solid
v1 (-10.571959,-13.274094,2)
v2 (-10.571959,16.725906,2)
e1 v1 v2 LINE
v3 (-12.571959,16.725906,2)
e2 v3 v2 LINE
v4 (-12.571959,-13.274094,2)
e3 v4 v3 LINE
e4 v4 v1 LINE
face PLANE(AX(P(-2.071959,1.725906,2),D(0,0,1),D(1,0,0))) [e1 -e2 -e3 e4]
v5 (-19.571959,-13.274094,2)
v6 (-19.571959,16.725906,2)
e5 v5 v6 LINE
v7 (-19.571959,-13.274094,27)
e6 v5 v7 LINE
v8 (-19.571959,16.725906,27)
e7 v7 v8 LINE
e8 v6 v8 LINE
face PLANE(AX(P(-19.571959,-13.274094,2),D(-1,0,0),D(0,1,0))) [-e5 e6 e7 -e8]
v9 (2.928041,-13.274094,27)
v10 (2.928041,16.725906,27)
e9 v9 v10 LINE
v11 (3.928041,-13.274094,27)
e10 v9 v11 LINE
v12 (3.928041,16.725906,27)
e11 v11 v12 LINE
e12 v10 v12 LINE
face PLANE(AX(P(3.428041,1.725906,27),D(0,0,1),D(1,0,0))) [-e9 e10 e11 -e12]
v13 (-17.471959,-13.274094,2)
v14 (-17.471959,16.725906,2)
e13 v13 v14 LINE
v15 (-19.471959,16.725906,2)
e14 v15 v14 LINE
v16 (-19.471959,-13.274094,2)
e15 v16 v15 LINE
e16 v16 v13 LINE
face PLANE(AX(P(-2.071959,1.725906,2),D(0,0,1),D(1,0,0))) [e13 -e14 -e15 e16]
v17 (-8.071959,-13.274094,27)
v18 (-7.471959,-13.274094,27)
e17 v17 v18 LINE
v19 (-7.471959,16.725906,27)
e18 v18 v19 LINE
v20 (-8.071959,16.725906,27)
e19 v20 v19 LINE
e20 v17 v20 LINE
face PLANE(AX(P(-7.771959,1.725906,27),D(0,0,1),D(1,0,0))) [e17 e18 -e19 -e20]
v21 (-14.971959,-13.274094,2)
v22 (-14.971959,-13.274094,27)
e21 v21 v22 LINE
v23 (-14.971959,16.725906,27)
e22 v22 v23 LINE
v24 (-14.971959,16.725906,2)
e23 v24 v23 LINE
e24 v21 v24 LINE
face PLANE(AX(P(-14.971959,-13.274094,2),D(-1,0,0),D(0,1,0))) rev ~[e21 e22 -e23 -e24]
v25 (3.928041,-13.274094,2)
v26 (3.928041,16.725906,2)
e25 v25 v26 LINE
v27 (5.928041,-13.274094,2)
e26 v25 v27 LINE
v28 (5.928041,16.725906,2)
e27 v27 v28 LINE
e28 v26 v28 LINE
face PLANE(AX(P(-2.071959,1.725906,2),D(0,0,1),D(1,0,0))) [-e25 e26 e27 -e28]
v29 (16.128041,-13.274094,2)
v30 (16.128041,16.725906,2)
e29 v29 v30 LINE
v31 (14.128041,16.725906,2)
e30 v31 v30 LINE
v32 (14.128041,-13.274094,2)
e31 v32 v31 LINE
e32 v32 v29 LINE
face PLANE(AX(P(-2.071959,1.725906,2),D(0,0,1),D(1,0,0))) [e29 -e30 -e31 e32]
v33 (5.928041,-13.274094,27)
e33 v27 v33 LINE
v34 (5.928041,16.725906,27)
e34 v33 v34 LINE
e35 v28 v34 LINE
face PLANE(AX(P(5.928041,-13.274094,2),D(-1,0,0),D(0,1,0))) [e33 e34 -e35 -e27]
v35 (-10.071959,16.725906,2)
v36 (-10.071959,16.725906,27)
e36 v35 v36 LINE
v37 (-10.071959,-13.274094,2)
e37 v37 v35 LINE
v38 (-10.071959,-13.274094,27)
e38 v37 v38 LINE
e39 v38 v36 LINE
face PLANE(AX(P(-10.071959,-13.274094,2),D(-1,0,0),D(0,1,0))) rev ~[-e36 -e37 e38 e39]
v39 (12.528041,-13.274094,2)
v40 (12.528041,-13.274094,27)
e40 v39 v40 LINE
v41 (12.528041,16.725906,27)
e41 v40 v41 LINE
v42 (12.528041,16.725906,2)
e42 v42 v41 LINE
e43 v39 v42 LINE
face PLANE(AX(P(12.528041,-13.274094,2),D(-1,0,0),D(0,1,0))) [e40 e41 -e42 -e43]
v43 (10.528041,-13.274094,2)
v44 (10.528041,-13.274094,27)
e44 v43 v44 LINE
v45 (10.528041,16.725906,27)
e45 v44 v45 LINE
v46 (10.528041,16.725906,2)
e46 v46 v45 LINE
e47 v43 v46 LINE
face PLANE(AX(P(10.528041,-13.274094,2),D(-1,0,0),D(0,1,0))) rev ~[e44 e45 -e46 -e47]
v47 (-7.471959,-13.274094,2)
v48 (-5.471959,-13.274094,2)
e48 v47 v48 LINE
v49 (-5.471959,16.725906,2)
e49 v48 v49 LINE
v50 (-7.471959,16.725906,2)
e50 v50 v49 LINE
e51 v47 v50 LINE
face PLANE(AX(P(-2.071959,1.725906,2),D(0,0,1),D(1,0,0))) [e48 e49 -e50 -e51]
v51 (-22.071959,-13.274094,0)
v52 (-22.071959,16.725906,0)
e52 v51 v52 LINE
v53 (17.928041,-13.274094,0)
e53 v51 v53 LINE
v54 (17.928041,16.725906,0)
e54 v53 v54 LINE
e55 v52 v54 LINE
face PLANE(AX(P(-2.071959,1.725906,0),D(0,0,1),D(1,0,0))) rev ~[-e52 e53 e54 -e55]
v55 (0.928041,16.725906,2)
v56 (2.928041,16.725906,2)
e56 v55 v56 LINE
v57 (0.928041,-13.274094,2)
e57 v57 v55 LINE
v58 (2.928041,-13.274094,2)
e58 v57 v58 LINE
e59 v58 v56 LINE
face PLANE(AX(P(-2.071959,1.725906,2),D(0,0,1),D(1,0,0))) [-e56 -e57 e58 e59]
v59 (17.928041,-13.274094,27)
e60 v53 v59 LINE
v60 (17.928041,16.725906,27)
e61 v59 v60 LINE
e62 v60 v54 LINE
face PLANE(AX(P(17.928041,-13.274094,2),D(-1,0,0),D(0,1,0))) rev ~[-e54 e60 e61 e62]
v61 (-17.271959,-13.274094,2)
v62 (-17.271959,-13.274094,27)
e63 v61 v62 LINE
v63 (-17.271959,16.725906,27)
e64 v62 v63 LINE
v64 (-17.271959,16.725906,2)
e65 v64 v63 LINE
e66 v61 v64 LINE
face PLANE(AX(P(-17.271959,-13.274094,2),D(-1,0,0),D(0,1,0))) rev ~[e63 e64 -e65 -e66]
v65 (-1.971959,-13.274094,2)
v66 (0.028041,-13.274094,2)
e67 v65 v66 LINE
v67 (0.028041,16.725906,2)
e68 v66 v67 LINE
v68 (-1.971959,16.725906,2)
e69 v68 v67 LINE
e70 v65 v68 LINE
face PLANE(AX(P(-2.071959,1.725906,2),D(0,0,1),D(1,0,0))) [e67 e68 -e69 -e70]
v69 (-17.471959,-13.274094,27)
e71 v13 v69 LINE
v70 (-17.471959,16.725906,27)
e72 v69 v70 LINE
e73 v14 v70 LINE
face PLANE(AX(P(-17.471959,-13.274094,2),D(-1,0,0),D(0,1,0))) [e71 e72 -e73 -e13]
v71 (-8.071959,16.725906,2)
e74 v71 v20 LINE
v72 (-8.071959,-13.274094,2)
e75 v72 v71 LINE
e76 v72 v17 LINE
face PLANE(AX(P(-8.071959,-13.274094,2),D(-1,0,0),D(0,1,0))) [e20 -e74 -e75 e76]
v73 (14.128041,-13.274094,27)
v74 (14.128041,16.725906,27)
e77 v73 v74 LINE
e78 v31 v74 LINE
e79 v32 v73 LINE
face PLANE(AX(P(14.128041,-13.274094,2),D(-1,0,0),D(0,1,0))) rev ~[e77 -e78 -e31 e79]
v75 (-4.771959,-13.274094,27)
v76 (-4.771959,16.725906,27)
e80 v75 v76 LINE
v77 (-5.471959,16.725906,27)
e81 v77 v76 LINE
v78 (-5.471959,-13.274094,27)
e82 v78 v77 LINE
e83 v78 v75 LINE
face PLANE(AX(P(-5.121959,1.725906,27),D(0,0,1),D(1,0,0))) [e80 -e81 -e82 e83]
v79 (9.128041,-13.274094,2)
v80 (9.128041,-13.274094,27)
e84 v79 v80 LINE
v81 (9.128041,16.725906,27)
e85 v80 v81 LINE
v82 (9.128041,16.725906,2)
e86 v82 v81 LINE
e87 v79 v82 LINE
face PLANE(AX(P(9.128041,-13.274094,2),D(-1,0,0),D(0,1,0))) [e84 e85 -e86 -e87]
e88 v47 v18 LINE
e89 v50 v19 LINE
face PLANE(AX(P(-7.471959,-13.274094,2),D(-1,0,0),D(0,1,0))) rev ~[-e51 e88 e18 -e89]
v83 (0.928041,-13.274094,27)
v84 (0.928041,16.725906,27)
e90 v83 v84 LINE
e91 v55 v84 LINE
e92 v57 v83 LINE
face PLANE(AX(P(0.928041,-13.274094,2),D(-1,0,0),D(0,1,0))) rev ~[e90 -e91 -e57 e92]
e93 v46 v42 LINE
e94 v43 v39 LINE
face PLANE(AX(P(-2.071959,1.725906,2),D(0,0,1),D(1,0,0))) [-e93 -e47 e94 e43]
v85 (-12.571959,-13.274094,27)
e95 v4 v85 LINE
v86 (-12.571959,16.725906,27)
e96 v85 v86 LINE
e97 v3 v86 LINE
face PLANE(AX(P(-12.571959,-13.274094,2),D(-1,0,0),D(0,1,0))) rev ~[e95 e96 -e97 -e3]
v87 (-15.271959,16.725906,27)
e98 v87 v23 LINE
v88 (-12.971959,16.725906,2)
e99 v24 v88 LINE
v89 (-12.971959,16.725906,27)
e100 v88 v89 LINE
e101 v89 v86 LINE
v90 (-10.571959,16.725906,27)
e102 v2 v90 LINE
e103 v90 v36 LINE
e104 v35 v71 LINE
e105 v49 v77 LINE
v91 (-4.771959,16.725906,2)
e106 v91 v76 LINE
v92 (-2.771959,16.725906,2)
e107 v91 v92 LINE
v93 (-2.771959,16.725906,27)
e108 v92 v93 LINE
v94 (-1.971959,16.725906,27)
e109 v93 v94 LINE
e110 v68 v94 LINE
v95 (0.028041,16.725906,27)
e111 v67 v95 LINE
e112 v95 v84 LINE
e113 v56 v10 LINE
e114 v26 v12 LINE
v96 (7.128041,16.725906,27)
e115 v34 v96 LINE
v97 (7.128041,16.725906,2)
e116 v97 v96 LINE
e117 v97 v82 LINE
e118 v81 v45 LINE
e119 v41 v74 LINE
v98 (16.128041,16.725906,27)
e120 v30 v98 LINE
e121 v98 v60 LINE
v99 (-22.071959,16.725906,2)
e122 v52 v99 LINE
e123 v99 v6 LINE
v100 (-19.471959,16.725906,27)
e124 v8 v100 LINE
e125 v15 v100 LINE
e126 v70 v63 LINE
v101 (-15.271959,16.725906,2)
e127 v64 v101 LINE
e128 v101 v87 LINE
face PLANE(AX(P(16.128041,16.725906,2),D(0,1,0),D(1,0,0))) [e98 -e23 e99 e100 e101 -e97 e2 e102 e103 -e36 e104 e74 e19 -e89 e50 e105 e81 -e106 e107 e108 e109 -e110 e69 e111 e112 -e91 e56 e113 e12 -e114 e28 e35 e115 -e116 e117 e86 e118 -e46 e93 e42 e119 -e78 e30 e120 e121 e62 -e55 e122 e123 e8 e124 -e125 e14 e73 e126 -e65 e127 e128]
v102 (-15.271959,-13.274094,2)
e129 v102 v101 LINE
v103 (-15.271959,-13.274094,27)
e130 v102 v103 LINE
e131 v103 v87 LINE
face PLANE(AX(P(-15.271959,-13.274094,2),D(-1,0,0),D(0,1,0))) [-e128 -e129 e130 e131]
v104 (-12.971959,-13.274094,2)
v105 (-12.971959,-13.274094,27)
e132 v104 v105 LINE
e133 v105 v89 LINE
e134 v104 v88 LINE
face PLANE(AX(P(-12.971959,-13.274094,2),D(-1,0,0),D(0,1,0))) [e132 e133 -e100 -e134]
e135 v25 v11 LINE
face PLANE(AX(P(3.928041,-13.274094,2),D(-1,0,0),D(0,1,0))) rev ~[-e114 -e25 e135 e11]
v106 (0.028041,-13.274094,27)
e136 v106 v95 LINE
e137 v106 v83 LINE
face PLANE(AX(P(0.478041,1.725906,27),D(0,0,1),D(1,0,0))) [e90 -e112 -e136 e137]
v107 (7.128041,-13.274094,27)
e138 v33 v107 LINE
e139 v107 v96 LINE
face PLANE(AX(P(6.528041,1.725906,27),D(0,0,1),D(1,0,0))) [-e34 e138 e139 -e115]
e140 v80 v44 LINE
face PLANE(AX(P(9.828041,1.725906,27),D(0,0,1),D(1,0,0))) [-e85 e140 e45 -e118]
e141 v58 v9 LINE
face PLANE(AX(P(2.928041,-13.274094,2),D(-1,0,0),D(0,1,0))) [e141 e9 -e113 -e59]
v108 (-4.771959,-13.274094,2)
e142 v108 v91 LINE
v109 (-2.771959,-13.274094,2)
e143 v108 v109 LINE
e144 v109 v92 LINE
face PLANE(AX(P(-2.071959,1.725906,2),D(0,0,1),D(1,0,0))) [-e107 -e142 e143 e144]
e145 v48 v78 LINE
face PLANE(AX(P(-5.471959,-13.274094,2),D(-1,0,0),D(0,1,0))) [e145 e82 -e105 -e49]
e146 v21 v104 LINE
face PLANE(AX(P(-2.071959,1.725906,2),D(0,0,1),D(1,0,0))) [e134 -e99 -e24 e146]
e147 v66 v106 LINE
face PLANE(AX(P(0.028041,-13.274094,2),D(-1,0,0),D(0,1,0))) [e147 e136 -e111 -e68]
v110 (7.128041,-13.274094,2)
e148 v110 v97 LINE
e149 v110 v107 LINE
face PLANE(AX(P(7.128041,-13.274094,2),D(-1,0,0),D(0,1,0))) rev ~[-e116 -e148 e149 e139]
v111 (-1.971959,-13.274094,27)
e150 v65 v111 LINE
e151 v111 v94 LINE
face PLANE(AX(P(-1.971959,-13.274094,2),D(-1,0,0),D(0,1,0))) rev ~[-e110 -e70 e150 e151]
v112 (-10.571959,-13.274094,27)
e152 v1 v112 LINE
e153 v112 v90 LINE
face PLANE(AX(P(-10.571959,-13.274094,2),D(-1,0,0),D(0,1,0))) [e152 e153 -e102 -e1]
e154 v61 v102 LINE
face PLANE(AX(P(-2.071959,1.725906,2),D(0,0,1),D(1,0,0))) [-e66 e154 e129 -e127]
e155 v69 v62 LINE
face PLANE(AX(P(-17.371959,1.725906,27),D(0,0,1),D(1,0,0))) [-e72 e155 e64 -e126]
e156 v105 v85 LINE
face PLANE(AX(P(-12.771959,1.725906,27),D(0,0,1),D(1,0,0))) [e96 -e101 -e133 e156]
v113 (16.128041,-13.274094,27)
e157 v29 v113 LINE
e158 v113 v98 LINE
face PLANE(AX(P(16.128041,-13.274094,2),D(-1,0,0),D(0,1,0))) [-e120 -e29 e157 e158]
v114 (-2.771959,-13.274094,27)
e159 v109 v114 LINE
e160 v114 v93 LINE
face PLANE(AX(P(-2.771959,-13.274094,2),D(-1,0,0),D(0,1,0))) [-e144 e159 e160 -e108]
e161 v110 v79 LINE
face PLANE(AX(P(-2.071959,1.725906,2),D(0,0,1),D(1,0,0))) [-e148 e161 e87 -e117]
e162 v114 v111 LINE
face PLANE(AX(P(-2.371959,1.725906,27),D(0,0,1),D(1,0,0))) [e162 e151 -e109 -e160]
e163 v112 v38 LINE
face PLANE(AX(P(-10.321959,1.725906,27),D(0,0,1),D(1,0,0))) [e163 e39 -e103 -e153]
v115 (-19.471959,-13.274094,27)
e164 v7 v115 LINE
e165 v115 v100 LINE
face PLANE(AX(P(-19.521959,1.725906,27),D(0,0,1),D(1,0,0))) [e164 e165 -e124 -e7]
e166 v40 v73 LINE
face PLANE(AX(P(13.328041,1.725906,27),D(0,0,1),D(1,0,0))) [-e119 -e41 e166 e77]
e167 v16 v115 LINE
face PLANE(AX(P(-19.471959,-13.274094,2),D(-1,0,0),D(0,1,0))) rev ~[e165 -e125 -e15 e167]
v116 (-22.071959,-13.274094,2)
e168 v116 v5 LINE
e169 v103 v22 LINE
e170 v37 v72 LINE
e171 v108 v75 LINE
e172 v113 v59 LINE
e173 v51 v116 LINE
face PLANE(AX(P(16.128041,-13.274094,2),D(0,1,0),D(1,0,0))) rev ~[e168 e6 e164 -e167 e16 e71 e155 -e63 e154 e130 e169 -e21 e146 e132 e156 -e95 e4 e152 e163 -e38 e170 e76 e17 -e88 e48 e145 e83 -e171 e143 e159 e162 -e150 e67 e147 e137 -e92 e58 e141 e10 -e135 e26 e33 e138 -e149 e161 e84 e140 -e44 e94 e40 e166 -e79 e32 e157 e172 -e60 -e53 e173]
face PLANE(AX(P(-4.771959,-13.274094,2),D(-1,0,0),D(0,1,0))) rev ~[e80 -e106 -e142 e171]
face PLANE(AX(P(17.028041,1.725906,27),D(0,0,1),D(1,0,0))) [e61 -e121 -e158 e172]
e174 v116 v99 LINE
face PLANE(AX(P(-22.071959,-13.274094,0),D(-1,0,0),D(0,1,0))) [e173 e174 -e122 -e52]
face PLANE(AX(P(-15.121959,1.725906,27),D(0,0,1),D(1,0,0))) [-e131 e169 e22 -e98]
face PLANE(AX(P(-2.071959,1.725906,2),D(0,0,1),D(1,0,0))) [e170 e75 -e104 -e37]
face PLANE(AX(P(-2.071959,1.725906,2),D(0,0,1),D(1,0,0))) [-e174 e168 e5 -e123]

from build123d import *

# Parameters (mm, degrees)
F0_W     = 40
F0_H     = 30
F1_DEPTH = 2
F2_W     = 0.2
F2_H     = 30
F2_W_2   = 0.3
F2_W_3   = 0.4
F2_W_4   = 0.5
F2_W_5   = 0.6
F2_W_6   = 0.7
F2_W_7   = 0.8
F2_W_8   = 0.9
F2_W_9   = 1
F2_W_10  = 1.2
F2_W_11  = 1.4
F2_W_12  = 1.6
F2_W_13  = 1.8
F2_W_14  = 0.1
F3_DEPTH = 25


with BuildPart() as f1:
    # F0 (on Top) → F1 (new body)
    with BuildSketch(Plane.XY):
        with Locations((-2.071959, 1.725906)):
            Rectangle(F0_W, F0_H)
    extrude(amount=F1_DEPTH)

    # F2 (on face) → F3 (join)
    with BuildSketch(Plane.XY.offset(2)):
        with Locations((-17.371959, 1.725906)):
            Rectangle(F2_W, F2_H)
        with Locations((-15.121959, 1.725906)):
            Rectangle(F2_W_2, F2_H)
        with Locations((-12.771959, 1.725906)):
            Rectangle(F2_W_3, F2_H)
        with Locations((-10.321959, 1.725906)):
            Rectangle(F2_W_4, F2_H)
        with Locations((-7.771959, 1.725906)):
            Rectangle(F2_W_5, F2_H)
        with Locations((-5.121959, 1.725906)):
            Rectangle(F2_W_6, F2_H)
        with Locations((-2.371959, 1.725906)):
            Rectangle(F2_W_7, F2_H)
        with Locations((0.478041, 1.725906)):
            Rectangle(F2_W_8, F2_H)
        with Locations((3.428041, 1.725906)):
            Rectangle(F2_W_9, F2_H)
        with Locations((6.528041, 1.725906)):
            Rectangle(F2_W_10, F2_H)
        with Locations((9.828041, 1.725906)):
            Rectangle(F2_W_11, F2_H)
        with Locations((13.328041, 1.725906)):
            Rectangle(F2_W_12, F2_H)
        with Locations((17.028041, 1.725906)):
            Rectangle(F2_W_13, F2_H)
        with Locations((-19.521959, 1.725906)):
            Rectangle(F2_W_14, F2_H)
    extrude(amount=F3_DEPTH)


solid = f1.part
